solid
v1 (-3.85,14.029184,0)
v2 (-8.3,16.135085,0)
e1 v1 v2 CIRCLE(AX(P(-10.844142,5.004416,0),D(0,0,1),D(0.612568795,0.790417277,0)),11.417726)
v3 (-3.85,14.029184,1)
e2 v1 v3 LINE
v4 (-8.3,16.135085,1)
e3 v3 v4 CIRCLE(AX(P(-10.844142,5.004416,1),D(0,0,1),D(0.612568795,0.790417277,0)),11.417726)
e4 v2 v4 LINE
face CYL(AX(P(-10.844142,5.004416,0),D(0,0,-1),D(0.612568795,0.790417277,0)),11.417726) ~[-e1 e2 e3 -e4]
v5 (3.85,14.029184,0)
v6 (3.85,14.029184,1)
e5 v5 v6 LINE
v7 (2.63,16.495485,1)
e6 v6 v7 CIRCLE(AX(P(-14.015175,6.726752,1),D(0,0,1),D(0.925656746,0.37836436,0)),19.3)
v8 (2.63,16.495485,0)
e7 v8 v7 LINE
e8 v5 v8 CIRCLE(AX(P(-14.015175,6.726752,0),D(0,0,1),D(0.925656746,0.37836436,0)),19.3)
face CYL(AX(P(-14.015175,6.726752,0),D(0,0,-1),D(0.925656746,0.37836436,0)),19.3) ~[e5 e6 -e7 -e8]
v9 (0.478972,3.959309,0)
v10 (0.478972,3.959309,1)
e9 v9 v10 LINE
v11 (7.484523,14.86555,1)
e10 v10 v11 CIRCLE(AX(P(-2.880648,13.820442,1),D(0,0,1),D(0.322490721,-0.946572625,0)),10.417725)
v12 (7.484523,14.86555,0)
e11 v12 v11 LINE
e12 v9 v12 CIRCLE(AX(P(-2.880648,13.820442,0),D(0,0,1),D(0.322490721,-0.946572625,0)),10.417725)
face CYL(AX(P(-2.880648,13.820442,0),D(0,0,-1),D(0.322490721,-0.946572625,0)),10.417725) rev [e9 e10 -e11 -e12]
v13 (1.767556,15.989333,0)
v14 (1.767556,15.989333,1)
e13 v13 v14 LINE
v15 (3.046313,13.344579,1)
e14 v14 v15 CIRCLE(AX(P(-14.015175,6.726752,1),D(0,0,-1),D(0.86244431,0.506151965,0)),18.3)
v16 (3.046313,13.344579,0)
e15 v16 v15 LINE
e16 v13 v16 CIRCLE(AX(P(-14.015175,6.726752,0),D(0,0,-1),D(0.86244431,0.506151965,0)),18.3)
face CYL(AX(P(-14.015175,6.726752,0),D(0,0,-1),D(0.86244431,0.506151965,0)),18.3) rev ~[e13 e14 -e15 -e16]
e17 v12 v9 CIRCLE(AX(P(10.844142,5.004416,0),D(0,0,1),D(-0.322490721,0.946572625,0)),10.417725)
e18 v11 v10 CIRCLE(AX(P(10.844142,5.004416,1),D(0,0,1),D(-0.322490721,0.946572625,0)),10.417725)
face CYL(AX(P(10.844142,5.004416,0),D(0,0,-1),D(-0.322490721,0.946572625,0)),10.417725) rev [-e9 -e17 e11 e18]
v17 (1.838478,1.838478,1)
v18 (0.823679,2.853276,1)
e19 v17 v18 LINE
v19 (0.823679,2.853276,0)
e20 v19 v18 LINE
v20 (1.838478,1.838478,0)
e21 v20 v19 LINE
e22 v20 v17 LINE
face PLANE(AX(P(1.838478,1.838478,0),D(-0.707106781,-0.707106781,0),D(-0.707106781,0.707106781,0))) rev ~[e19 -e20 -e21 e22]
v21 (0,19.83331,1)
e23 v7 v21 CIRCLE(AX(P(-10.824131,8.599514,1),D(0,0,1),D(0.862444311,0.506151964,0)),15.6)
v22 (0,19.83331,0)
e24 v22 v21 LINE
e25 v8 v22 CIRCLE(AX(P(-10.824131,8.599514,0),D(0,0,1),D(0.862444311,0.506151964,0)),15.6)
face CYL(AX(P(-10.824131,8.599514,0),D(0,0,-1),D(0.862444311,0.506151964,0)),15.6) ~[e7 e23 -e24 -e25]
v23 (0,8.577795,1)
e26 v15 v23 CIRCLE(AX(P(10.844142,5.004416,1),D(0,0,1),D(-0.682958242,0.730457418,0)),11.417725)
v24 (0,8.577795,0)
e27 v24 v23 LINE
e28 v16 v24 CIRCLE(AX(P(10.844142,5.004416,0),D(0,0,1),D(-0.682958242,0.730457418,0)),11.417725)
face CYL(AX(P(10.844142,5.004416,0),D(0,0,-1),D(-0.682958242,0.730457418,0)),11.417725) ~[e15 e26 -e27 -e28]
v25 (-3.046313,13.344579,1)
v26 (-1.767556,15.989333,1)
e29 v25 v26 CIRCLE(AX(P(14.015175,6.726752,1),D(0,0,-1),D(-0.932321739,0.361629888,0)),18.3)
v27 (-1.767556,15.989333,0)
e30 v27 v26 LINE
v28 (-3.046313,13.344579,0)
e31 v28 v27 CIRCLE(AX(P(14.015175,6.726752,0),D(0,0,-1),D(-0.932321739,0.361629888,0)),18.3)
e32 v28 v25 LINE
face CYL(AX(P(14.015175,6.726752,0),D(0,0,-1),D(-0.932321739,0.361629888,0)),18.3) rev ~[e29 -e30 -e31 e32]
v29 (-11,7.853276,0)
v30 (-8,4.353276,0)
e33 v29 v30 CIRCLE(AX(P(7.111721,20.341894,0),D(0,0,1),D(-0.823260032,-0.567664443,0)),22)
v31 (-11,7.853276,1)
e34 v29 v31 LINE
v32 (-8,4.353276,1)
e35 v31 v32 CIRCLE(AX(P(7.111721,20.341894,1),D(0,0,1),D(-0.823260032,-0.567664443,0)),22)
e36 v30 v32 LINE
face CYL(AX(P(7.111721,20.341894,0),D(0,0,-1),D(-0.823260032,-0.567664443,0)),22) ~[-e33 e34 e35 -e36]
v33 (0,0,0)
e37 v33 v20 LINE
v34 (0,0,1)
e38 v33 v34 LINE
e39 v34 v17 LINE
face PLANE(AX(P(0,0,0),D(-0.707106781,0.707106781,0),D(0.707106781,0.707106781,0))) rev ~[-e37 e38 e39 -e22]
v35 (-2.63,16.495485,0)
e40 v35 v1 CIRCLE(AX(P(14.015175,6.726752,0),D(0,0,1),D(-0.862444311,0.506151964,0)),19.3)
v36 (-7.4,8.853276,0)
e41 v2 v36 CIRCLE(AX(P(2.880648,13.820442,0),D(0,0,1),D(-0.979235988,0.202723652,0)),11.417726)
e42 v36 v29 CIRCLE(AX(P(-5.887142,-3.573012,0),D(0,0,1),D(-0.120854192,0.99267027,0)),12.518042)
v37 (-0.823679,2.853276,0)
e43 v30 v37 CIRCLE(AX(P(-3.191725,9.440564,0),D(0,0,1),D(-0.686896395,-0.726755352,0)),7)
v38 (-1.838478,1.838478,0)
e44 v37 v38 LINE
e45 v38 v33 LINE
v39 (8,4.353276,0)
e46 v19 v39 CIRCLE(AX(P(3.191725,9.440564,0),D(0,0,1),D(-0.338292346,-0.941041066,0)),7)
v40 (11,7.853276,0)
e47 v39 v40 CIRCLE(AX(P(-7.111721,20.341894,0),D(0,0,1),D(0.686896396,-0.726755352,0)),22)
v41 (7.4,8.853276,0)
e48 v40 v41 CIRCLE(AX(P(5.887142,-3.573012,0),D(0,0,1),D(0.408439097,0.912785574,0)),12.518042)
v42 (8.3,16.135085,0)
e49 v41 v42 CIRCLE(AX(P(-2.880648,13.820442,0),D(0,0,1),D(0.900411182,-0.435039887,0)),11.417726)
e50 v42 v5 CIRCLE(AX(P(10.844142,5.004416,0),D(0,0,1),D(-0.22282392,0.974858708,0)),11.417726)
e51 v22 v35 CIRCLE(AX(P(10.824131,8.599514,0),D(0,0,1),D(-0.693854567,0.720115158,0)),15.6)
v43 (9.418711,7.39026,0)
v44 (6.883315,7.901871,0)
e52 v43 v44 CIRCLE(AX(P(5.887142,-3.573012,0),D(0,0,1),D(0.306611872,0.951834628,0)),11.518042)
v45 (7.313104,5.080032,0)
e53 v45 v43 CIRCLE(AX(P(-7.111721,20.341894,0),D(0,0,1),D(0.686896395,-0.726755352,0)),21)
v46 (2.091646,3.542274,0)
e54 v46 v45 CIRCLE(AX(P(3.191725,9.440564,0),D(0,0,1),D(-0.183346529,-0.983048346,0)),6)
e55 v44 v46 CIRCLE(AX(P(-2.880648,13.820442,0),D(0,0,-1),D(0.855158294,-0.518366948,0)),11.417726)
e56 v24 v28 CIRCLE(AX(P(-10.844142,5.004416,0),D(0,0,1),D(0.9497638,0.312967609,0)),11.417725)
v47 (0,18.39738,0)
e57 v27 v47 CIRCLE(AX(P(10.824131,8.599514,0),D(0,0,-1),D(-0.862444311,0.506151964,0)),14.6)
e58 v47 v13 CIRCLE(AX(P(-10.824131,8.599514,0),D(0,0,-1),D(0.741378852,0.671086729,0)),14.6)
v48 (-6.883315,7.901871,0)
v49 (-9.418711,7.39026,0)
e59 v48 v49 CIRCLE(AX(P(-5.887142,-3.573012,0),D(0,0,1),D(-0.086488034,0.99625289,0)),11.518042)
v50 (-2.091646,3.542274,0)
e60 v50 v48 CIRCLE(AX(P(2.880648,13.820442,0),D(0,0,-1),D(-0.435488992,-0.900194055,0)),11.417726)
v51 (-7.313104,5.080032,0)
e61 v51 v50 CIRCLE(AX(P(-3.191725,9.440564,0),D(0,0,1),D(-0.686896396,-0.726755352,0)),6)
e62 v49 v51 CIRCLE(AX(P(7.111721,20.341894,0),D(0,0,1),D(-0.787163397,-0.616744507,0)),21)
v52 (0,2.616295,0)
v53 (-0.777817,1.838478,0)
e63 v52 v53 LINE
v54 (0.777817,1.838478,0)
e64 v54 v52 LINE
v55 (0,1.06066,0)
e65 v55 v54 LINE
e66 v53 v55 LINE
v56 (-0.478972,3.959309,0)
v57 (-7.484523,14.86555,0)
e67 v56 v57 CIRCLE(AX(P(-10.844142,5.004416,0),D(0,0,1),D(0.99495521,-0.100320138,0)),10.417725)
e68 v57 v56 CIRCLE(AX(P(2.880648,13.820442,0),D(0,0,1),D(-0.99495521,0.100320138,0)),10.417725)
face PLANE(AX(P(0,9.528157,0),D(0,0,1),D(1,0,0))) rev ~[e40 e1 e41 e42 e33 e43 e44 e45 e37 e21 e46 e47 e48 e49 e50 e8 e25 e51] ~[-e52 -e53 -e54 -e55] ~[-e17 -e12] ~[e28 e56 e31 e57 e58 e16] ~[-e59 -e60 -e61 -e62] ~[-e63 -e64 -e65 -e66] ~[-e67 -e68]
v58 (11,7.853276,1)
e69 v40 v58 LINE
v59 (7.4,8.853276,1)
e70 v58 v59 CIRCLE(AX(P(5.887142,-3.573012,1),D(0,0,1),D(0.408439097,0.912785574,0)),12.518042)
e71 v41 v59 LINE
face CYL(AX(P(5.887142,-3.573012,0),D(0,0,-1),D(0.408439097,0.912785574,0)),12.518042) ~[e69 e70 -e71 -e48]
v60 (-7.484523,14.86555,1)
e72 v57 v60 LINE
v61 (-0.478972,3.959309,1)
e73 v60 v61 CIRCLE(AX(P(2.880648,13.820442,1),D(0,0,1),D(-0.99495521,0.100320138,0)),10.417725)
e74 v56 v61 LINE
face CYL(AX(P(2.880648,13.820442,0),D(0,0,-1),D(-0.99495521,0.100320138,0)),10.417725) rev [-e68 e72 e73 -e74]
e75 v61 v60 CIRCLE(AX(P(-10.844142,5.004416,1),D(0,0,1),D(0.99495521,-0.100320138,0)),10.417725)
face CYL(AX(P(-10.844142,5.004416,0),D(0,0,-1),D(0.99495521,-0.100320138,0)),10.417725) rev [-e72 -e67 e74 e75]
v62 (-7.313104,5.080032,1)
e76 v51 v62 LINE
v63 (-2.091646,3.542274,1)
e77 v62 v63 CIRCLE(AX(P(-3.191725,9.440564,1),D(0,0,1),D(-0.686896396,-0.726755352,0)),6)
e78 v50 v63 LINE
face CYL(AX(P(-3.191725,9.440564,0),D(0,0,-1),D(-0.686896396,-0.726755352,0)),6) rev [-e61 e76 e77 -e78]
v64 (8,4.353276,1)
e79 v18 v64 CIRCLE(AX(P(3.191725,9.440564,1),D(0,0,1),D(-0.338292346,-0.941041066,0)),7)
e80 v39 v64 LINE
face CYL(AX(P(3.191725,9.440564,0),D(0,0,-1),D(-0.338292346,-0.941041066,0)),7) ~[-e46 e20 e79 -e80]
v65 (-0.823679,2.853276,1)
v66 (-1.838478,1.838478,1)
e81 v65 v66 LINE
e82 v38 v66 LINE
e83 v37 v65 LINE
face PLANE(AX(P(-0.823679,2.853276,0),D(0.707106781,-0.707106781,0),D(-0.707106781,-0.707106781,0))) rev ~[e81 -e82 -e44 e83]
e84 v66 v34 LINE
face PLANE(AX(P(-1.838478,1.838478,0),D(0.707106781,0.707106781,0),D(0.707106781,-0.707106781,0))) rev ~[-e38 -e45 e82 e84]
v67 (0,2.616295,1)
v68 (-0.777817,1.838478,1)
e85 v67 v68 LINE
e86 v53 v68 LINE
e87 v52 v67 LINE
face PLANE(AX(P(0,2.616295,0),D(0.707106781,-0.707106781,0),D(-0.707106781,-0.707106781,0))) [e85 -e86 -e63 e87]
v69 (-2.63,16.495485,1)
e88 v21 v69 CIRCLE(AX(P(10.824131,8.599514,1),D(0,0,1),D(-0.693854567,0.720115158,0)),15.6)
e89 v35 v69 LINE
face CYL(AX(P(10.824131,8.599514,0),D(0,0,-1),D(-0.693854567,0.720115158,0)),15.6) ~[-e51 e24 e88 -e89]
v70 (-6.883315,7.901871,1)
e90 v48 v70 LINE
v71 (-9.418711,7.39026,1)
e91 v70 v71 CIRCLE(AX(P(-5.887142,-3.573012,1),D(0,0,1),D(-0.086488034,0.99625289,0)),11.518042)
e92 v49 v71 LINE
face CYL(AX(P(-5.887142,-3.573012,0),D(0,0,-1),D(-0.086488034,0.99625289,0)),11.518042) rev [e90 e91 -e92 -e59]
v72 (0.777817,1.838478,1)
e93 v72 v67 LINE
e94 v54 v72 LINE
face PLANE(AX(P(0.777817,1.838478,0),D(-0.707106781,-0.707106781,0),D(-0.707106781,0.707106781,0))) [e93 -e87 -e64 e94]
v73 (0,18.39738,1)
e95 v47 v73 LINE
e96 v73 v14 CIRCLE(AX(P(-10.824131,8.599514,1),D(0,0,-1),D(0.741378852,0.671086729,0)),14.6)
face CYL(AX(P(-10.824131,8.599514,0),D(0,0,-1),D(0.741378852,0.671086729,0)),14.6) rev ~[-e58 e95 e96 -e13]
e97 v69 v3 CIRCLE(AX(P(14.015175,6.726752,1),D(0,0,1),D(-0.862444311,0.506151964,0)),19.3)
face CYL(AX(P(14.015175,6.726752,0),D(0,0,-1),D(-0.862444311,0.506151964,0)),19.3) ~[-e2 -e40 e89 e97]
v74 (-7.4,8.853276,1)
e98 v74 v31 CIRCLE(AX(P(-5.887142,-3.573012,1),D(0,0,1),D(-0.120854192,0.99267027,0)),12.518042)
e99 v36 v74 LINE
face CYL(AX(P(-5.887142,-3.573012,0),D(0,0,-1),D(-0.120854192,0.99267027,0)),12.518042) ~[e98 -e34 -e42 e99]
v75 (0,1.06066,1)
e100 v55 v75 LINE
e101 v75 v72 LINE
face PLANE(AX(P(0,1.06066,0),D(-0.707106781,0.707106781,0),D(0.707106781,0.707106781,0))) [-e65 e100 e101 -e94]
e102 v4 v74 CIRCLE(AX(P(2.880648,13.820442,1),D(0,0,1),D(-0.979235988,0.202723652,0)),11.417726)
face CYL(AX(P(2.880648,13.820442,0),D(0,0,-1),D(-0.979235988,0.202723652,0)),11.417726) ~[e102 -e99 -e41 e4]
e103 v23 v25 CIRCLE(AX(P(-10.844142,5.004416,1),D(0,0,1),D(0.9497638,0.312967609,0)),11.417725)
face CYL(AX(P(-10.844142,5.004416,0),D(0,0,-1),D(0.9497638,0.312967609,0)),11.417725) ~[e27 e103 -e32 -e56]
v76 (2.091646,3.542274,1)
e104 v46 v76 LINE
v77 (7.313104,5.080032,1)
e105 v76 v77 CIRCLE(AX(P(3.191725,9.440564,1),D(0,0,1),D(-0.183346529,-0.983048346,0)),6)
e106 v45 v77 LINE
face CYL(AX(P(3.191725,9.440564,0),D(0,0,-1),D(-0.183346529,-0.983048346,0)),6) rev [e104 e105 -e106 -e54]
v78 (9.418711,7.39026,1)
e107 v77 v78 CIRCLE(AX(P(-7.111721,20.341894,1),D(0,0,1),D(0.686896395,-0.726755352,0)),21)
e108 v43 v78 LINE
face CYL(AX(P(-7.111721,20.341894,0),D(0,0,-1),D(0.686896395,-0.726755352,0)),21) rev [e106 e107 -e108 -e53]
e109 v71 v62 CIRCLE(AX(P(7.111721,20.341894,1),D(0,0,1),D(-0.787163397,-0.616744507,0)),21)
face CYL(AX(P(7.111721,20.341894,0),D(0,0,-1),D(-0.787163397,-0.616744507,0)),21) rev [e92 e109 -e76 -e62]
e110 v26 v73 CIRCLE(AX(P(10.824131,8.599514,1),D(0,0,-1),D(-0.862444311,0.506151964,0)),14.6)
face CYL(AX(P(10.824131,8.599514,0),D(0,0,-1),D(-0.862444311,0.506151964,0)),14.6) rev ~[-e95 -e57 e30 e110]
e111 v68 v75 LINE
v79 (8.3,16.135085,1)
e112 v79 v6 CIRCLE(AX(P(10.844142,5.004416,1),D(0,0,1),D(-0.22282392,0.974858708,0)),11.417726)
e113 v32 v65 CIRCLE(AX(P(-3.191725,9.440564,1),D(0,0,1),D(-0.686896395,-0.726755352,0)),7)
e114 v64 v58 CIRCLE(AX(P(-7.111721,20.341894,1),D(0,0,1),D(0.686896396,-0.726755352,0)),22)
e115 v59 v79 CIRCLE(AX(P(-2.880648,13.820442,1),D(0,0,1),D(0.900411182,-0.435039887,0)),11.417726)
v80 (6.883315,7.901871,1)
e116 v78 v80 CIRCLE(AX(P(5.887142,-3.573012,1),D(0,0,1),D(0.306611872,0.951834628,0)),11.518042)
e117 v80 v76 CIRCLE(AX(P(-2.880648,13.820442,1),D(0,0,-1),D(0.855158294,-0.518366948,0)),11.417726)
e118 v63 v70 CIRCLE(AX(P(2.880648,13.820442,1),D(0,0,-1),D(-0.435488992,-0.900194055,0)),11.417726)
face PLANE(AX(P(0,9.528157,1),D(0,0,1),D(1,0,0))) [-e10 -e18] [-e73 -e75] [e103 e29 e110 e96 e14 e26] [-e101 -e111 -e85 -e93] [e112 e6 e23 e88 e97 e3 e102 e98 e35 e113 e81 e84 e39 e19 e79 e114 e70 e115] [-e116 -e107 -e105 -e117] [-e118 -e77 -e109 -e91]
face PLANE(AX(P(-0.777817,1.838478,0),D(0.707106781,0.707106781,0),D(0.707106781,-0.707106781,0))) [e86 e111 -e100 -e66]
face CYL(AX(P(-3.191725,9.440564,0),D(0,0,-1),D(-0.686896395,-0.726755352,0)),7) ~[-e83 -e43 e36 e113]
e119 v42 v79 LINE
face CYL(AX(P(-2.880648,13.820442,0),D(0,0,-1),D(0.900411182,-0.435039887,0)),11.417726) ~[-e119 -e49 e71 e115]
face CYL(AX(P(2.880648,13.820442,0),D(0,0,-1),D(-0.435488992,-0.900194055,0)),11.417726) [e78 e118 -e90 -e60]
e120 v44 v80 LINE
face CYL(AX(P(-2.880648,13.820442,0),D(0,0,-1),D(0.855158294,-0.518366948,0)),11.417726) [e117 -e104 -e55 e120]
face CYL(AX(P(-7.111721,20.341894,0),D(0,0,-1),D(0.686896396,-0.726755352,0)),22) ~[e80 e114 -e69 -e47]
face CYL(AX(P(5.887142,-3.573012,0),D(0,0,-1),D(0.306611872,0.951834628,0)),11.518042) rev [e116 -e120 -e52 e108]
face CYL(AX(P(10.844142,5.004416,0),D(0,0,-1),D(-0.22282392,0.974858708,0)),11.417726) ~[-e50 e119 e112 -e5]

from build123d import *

# Parameters (mm, degrees)
BOSS_EXTRUDE1_DEPTH = 1


with BuildPart() as part:
    # Sketch1 → Boss-Extrude1 (new body)
    with BuildSketch(Plane.XY):
        with BuildLine():
            Line((0, 0), (1.838477631, 1.838477631))
            Line((1.838477631, 1.838477631), (0.823678808, 2.853276454))
            ThreePointArc((0.823678808, 2.853276454), (4.623918861, 2.588642918), (8, 4.353276454))
            ThreePointArc((8, 4.353276454), (9.591924549, 6.024483983), (11, 7.853276454))
            ThreePointArc((11, 7.853276454), (9.237519313, 8.488345979), (7.4, 8.853276454))
            ThreePointArc((7.4, 8.853276454), (8.450856423, 12.419917717), (8.3, 16.135085474))
            ThreePointArc((8.3, 16.135085474), (5.960145608, 15.324834522), (3.85, 14.029183838))
            ThreePointArc((3.85, 14.029183838), (3.284007759, 15.28410345), (2.63, 16.495484604))
            ThreePointArc((2.63, 16.495484604), (1.429185762, 18.254368816), (0, 19.833310412))
            ThreePointArc((0, 19.833310412), (-1.429185762, 18.254368816), (-2.63, 16.495484604))
            ThreePointArc((-2.63, 16.495484604), (-3.284007759, 15.28410345), (-3.85, 14.029183838))
            ThreePointArc((-3.85, 14.029183838), (-5.960145608, 15.324834522), (-8.3, 16.135085474))
            ThreePointArc((-8.3, 16.135085474), (-8.450856423, 12.419917717), (-7.4, 8.853276454))
            ThreePointArc((-7.4, 8.853276454), (-9.237519313, 8.488345979), (-11, 7.853276454))
            ThreePointArc((-11, 7.853276454), (-9.591924549, 6.024483983), (-8, 4.353276454))
            ThreePointArc((-8, 4.353276454), (-4.623918861, 2.588642918), (-0.823678808, 2.853276454))
            Line((-0.823678808, 2.853276454), (-1.838477631, 1.838477631))
            Line((-1.838477631, 1.838477631), (0, 0))
        make_face()
        Polygon((0, 1.060660172), (0.777817459, 1.838477631), (0, 2.61629509), (-0.777817459, 1.838477631), align=None, mode=Mode.SUBTRACT)
        with BuildLine():
            ThreePointArc((1.767555689, 15.989332639), (2.460089794, 14.692656758), (3.046312622, 13.344578636))
            ThreePointArc((3.046312622, 13.344578636), (1.223262024, 11.152840308), (0, 8.577794598))
            ThreePointArc((0, 8.577794598), (-1.223262024, 11.152840308), (-3.046312622, 13.344578636))
            ThreePointArc((-3.046312622, 13.344578636), (-2.460089794, 14.692656758), (-1.767555689, 15.989332639))
            ThreePointArc((-1.767555689, 15.989332639), (-0.945525016, 17.238680092), (0, 18.397380194))
            ThreePointArc((0, 18.397380194), (0.945525016, 17.238680092), (1.767555689, 15.989332639))
        make_face(mode=Mode.SUBTRACT)
        with BuildLine():
            ThreePointArc((7.484522548, 14.86555012), (2.078927518, 10.634692843), (0.478972095, 3.959308692))
            ThreePointArc((0.478972095, 3.959308692), (5.884567125, 8.190165969), (7.484522548, 14.86555012))
        make_face(mode=Mode.SUBTRACT)
        with BuildLine():
            ThreePointArc((2.091646058, 3.542273843), (4.886787797, 3.684978553), (7.313103604, 5.080031806))
            ThreePointArc((7.313103604, 5.080031806), (8.408951023, 6.195914234), (9.418710619, 7.390259542))
            ThreePointArc((9.418710619, 7.390259542), (8.165419306, 7.717459739), (6.883314947, 7.901870952))
            ThreePointArc((6.883314947, 7.901870952), (4.803155716, 5.375111185), (2.091646058, 3.542273843))
        make_face(mode=Mode.SUBTRACT)
        with BuildLine():
            ThreePointArc((-6.883314947, 7.901870952), (-8.165419306, 7.717459739), (-9.418710619, 7.390259542))
            ThreePointArc((-9.418710619, 7.390259542), (-8.408951023, 6.195914234), (-7.313103604, 5.080031806))
            ThreePointArc((-7.313103604, 5.080031806), (-4.886787797, 3.684978553), (-2.091646058, 3.542273843))
            ThreePointArc((-2.091646058, 3.542273843), (-4.803155716, 5.375111185), (-6.883314947, 7.901870952))
        make_face(mode=Mode.SUBTRACT)
        with BuildLine():
            ThreePointArc((-7.484522548, 14.86555012), (-5.884567125, 8.190165969), (-0.478972095, 3.959308692))
            ThreePointArc((-0.478972095, 3.959308692), (-2.078927518, 10.634692843), (-7.484522548, 14.86555012))
        make_face(mode=Mode.SUBTRACT)
    extrude(amount=BOSS_EXTRUDE1_DEPTH)


solid = part.part
